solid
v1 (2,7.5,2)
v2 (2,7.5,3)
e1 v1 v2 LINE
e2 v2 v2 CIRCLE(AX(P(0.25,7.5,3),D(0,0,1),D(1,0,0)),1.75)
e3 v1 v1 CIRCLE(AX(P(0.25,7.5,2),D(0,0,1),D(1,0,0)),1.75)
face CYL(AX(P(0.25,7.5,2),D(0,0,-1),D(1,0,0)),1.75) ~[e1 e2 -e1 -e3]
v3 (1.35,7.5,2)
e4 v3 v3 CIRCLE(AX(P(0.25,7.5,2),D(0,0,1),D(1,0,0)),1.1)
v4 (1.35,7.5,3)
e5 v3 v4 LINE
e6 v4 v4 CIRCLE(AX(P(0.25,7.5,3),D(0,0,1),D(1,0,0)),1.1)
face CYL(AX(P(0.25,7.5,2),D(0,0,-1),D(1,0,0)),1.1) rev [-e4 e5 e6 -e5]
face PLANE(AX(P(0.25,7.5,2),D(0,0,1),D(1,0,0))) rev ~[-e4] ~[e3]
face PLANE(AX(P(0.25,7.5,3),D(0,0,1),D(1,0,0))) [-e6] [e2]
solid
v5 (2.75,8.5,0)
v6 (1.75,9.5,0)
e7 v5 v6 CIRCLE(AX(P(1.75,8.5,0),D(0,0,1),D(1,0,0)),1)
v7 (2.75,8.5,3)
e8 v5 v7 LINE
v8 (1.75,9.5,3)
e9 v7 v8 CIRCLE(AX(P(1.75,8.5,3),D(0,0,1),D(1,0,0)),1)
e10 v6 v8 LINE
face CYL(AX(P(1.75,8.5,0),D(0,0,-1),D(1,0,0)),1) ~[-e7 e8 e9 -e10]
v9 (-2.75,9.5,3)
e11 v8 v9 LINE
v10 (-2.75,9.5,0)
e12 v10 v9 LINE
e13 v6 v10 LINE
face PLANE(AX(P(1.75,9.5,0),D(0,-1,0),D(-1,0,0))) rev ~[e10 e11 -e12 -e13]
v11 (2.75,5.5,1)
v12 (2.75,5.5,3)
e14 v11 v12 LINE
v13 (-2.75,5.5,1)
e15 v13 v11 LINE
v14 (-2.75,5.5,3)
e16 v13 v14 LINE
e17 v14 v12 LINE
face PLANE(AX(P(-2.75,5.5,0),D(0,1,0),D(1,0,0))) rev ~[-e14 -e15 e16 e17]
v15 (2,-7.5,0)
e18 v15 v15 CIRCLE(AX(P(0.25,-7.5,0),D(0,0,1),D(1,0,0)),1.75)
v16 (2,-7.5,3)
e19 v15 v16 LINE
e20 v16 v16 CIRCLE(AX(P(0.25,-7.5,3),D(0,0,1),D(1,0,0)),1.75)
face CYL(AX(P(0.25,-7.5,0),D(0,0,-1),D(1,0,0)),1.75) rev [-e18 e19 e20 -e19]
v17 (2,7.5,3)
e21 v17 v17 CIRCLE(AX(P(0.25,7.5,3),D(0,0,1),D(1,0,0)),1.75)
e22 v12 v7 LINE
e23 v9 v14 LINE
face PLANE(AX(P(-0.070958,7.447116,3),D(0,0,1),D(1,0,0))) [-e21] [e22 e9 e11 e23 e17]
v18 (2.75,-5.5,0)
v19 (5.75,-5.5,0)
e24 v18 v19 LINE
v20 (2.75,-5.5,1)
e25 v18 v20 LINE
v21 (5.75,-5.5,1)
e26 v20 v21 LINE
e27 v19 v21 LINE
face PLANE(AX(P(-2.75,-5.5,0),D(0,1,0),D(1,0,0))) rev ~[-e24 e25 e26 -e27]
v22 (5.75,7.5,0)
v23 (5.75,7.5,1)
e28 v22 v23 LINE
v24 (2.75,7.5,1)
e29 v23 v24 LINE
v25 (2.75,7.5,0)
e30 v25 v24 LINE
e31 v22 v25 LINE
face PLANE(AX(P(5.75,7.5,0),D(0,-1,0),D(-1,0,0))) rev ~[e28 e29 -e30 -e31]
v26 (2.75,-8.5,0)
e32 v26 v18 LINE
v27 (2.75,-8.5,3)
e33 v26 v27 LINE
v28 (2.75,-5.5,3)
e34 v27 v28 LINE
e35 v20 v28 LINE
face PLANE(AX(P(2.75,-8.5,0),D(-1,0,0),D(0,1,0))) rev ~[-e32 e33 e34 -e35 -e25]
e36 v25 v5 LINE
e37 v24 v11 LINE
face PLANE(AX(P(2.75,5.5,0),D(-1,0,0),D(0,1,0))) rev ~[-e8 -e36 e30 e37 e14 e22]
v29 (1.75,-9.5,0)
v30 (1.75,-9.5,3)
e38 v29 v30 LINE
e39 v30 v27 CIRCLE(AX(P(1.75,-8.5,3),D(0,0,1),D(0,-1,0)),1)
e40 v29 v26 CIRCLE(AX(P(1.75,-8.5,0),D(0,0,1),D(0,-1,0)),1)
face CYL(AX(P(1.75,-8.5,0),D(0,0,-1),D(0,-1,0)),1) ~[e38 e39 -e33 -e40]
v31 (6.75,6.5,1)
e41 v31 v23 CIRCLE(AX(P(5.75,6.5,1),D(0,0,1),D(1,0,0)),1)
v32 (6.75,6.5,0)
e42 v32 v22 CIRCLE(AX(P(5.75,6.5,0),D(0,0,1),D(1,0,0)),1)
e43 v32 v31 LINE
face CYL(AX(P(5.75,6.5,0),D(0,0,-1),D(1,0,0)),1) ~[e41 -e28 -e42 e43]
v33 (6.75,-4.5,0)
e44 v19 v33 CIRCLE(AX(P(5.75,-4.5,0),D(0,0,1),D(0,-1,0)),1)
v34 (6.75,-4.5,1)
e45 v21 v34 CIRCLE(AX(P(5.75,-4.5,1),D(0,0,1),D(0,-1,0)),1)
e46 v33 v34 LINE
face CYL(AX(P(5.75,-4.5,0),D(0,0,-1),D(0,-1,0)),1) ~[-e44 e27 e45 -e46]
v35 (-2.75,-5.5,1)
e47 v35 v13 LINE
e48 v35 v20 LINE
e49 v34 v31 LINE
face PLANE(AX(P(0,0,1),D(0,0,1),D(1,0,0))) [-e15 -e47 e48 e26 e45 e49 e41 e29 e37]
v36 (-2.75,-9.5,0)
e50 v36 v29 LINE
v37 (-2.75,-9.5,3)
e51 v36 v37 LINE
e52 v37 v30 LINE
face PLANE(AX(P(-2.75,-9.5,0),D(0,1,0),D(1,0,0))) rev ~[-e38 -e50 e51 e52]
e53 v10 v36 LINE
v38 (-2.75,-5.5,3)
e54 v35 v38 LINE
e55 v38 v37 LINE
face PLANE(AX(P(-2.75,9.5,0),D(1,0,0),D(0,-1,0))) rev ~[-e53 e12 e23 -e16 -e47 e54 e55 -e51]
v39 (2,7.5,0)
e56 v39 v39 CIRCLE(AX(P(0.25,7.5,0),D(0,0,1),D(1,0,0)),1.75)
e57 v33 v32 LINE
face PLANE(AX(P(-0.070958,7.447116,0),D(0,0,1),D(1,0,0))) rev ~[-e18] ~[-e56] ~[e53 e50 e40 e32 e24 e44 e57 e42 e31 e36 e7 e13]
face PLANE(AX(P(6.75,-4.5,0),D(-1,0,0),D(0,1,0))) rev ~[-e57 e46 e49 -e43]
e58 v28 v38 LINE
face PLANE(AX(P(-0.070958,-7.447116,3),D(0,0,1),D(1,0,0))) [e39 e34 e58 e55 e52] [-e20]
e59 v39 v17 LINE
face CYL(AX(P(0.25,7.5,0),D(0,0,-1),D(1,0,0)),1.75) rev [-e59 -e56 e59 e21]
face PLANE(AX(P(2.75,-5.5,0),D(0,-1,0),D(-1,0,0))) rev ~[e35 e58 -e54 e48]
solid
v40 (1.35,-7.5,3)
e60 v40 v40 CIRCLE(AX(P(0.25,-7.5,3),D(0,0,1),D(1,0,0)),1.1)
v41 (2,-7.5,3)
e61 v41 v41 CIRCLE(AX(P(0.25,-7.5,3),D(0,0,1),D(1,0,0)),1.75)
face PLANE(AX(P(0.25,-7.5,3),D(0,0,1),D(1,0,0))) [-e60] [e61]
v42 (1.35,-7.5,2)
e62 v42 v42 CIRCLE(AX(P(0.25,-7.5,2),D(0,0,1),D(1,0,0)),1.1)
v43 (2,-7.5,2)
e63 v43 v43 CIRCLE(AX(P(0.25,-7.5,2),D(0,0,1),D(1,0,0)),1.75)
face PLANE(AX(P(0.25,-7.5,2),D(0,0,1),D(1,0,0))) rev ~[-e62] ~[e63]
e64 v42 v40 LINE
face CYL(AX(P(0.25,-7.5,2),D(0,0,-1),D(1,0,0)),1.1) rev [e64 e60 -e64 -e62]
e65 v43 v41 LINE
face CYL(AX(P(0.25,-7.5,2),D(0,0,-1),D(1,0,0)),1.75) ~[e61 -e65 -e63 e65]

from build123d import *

# Parameters (mm, degrees)
F0_W     = 5.5
F0_H     = 11
F1_DEPTH = 1
F0_R     = 1.75
F2_DEPTH = 3
F3_START = 2
F0_R_2   = 1.1
F3_DEPTH = 1


with BuildPart() as f1:
    # F0 (on Top) → F1 (new body)
    with BuildSketch(Plane.XY):
        Rectangle(F0_W, F0_H)
        with BuildLine():
            Line((2.75, 7.5), (2.75, 5.5))
            Line((2.75, 5.5), (2.75, -5.5))
            Line((2.75, -5.5), (5.75, -5.5))
            ThreePointArc((5.75, -5.5), (6.4571067812, -5.2071067812), (6.75, -4.5))
            Line((6.75, -4.5), (6.75, 6.5))
            ThreePointArc((6.75, 6.5), (6.4571067812, 7.2071067812), (5.75, 7.5))
            Line((5.75, 7.5), (2.75, 7.5))
        make_face()
    extrude(amount=F1_DEPTH)

    # F0 (on Top) → F2 (join)
    with BuildSketch(Plane.XY):
        with BuildLine():
            Line((1.75, 9.5), (-2.75, 9.5))
            Line((-2.75, 9.5), (-2.75, 5.5))
            Line((-2.75, 5.5), (2.75, 5.5))
            Line((2.75, 5.5), (2.75, 7.5))
            Line((2.75, 7.5), (2.75, 8.5))
            ThreePointArc((2.75, 8.5), (2.4571067812, 9.2071067812), (1.75, 9.5))
        make_face()
        with Locations((0.25, 7.5)):
            Circle(F0_R, mode=Mode.SUBTRACT)
        with BuildLine():
            Line((2.75, -5.5), (-2.75, -5.5))
            Line((-2.75, -5.5), (-2.75, -9.5))
            Line((-2.75, -9.5), (1.75, -9.5))
            ThreePointArc((1.75, -9.5), (2.4571067812, -9.2071067812), (2.75, -8.5))
            Line((2.75, -8.5), (2.75, -5.5))
        make_face()
        with Locations((0.25, -7.5)):
            Circle(F0_R, mode=Mode.SUBTRACT)
    extrude(amount=F2_DEPTH)


with BuildPart() as f3:
    # F0 (on Top) → F3 (new body)
    with BuildSketch(Plane.XY.offset(F3_START)):
        with Locations((0.25, 7.5)):
            Circle(F0_R)
        with Locations((0.25, 7.5)):
            Circle(F0_R_2, mode=Mode.SUBTRACT)
    extrude(amount=F3_DEPTH)


with BuildPart() as f3b:
    # F0 (on Top) → F3, piece 2 (new body)
    with BuildSketch(Plane.XY.offset(F3_START)):
        with Locations((0.25, -7.5)):
            Circle(F0_R)
        with Locations((0.25, -7.5)):
            Circle(F0_R_2, mode=Mode.SUBTRACT)
    extrude(amount=F3_DEPTH)


solid = Compound([f1.part, f3.part, f3b.part])
